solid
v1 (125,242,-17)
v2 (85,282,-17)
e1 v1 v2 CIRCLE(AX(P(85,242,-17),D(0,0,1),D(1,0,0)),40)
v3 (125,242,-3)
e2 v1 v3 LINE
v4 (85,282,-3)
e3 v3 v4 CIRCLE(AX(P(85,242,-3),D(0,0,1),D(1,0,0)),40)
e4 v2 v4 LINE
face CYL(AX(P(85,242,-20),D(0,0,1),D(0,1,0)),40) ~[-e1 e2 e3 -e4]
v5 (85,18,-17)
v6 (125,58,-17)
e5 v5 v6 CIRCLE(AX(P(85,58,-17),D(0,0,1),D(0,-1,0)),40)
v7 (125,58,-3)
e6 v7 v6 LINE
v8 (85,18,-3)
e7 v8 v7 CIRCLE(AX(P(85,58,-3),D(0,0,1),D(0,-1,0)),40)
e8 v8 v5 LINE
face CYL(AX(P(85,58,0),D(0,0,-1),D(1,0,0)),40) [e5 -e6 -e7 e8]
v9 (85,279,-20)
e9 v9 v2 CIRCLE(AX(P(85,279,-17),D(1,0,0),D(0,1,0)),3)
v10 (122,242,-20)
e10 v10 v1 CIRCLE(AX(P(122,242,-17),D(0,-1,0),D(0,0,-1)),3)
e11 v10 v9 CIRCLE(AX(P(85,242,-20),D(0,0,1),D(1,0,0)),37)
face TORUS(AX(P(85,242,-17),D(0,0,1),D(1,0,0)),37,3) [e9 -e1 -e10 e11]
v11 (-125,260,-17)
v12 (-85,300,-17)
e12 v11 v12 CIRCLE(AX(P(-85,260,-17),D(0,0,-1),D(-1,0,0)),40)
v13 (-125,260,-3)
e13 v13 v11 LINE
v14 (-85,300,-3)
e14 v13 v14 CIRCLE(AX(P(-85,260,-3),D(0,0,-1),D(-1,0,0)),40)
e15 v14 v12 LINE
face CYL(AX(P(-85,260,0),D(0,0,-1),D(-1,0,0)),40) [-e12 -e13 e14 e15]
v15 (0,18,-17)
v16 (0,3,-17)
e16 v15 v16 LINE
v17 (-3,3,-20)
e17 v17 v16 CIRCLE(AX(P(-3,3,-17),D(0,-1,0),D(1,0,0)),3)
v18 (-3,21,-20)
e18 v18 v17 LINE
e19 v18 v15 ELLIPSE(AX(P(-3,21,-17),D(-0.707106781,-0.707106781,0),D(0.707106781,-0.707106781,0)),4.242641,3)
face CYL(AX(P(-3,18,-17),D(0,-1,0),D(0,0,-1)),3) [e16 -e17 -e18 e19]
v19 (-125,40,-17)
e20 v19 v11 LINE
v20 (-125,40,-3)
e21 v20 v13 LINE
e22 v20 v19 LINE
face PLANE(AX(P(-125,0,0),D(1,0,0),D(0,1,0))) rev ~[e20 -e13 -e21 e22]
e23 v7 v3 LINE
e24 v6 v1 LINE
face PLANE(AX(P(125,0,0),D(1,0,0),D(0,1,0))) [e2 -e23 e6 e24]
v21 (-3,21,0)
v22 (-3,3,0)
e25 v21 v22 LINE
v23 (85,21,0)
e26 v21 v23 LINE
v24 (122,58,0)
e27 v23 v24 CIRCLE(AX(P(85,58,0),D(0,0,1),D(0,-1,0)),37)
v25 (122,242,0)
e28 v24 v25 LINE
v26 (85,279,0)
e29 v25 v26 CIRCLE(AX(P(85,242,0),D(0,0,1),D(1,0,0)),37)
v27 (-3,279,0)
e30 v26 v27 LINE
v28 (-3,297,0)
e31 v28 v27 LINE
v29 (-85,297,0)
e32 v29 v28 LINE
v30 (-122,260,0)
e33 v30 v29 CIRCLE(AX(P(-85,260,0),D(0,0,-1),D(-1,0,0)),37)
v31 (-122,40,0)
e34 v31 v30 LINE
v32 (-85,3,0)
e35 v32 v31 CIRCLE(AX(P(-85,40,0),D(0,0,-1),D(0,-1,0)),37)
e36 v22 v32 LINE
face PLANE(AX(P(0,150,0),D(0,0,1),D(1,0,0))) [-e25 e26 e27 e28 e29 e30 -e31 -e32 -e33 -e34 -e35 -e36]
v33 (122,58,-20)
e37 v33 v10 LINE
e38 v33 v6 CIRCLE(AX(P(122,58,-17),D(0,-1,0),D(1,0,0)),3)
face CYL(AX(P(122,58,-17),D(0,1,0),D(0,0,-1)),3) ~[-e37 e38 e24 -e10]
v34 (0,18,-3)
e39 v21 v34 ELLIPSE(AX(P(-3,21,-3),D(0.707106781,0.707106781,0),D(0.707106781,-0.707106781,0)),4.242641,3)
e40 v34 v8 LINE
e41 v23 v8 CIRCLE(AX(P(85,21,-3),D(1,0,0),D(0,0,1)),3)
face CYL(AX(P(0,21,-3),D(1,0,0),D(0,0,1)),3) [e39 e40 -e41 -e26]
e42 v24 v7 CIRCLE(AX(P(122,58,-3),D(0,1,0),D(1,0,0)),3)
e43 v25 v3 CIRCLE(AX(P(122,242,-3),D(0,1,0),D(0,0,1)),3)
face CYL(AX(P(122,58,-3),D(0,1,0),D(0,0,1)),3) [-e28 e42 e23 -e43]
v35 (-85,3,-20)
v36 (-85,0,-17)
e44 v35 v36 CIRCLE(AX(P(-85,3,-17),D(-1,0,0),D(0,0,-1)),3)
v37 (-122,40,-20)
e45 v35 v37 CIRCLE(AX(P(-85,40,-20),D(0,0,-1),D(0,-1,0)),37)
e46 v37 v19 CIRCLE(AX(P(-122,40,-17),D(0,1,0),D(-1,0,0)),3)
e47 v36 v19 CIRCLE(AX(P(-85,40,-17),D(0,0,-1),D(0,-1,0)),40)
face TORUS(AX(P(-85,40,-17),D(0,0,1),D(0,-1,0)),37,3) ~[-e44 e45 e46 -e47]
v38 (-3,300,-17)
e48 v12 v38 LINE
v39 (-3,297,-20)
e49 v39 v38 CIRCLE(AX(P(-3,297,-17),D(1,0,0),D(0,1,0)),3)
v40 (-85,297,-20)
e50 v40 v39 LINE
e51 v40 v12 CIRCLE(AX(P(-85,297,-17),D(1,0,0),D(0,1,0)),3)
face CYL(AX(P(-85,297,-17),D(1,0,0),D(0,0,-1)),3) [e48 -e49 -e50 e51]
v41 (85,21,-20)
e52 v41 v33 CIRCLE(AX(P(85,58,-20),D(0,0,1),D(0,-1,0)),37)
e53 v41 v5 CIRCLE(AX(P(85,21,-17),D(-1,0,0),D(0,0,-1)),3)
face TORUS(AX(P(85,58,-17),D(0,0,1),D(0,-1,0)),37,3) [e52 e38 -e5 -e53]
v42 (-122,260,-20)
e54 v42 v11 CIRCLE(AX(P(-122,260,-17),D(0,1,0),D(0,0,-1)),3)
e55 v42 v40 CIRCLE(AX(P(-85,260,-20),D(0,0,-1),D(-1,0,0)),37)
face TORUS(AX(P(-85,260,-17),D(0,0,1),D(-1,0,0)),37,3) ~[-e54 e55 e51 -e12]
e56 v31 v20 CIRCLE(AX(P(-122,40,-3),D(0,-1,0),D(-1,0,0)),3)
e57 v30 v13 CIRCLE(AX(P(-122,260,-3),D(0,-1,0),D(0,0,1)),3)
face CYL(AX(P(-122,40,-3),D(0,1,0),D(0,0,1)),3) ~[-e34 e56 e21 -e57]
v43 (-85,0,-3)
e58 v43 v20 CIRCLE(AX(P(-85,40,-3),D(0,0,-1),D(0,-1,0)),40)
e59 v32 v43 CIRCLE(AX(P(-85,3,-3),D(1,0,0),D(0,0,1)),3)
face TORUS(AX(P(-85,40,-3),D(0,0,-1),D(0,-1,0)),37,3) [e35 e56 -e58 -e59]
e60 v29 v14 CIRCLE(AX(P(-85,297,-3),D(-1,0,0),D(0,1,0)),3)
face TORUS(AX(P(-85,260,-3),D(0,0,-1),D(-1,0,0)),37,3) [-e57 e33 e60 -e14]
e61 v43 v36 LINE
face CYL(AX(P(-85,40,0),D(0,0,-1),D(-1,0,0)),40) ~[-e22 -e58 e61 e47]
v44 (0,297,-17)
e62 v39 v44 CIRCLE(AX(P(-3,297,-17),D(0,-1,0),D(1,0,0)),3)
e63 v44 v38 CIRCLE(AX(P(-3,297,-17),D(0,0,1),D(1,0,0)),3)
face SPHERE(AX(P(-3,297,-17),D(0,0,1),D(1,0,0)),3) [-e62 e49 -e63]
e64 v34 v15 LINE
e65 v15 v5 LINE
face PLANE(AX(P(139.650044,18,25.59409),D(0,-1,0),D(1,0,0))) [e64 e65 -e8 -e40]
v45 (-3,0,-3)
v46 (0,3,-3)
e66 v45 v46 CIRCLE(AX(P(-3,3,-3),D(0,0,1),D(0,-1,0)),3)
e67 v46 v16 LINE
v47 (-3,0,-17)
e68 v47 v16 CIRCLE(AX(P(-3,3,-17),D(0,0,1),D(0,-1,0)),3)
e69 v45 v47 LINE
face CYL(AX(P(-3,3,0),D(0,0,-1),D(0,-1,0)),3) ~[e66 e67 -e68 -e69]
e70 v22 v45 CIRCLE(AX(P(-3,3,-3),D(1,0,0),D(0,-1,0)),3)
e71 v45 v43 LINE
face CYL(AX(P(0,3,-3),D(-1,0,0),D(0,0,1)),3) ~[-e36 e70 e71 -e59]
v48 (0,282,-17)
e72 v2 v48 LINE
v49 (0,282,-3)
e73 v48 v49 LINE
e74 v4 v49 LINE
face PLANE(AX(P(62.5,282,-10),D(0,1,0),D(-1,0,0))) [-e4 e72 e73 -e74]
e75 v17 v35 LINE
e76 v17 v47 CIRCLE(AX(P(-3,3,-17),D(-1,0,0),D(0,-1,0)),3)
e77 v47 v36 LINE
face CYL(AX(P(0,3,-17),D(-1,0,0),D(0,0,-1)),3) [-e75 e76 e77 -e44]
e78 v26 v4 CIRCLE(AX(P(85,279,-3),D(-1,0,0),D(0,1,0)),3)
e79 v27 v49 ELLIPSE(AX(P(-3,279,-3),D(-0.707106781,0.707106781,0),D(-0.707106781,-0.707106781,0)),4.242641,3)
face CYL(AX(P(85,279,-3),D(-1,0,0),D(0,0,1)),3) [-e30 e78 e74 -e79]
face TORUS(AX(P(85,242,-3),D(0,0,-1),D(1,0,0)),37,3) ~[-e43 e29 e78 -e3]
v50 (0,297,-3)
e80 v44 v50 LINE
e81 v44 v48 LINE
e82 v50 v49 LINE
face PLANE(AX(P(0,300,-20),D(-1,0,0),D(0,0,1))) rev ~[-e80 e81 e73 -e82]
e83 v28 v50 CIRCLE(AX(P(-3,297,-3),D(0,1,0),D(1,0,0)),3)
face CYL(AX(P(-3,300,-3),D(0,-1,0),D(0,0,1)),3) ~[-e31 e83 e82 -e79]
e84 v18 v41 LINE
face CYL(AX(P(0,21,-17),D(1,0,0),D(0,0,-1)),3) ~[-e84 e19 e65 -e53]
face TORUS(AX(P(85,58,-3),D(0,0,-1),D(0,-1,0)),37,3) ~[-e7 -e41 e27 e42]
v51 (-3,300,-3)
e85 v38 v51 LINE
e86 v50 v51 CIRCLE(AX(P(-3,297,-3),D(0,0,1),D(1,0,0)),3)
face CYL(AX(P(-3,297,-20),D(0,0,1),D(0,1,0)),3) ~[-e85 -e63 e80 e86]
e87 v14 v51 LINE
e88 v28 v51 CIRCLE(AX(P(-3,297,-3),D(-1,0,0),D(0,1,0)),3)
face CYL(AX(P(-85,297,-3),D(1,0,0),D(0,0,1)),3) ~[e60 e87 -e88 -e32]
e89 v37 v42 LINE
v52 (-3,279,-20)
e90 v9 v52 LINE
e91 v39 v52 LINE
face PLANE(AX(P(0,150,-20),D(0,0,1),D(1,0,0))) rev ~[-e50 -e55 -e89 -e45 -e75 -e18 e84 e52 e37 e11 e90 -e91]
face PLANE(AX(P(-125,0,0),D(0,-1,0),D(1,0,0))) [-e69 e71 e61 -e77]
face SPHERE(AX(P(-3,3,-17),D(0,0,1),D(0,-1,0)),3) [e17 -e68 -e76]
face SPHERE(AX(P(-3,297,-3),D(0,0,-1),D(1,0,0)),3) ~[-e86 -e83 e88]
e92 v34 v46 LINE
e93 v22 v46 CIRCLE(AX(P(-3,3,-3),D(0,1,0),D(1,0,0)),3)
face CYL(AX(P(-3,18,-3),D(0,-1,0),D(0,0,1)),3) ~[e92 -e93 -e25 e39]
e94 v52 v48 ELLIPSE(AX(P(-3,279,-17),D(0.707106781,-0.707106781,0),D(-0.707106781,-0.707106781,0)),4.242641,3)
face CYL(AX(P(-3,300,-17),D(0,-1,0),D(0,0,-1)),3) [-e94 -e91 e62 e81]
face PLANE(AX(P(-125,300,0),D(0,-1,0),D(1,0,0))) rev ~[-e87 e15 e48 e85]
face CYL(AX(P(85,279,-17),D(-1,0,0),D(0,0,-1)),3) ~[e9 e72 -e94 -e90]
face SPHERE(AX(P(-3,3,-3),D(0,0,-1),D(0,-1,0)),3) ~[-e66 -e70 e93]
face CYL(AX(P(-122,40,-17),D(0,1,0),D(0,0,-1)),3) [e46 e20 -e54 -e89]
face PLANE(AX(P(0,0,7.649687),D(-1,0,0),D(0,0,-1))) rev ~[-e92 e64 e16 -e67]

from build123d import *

# Parameters (mm, degrees)
F1_W     = 250
F1_H     = 300
F2_DEPTH = 20
F3_DEPTH = 18
F4_W     = 125
F4_H     = 20
F5_DEPTH = 18
F6_R     = 40
F7_R     = 3


with BuildPart() as f2:
    # F1 (on Top) → F2 (new body)
    with BuildSketch(Plane.XY):
        with Locations((0, 150)):
            Rectangle(F1_W, F1_H)
    extrude(amount=-F2_DEPTH)

    # F0 (on Front) → F3 (cut)
    with BuildSketch(Plane.XZ):
        with BuildLine():
            ThreePointArc((160.7967353507, 4.0303440201), (159.065909211, 1.1368225578), (155.8916596855, 0))
            Line((155.8916596855, 0), (45.0975336134, 0))
            Line((45.0975336134, 0), (45.0975336134, -5))
            Line((45.0975336134, -5), (0, -5))
            Line((0, -5), (0, -20.7676107392))
            ThreePointArc((0, -20.7676107392), (2.6525588341, -27.5510544306), (9.2030216628, -30.7358014241))
            Line((9.2030216628, -30.7358014241), (175.0106296305, -43.9924771707))
            ThreePointArc((175.0106296305, -43.9924771707), (194.4976732451, -37.7783808724), (204.0363591727, -19.684919832))
            Line((204.0363591727, -19.684919832), (219.923475276, 144.1129544091))
            ThreePointArc((219.923475276, 144.1129544091), (217.690858581, 151.4337512548), (210.9355750829, 155.0316379433))
            Line((210.9355750829, 155.0316379433), (195.5381857284, 156.525064604))
            ThreePointArc((195.5381857284, 156.525064604), (192.0716412109, 155.5604813638), (190.150414228, 152.518074652))
            Line((190.150414228, 152.518074652), (160.7967353507, 4.0303440201))
        make_face()
        with BuildLine():
            Line((45.0975336134, -5), (45.0975336134, 0))
            Line((45.0975336134, 0), (5, 0))
            ThreePointArc((5, 0), (1.4644660941, -1.4644660941), (0, -5))
            Line((0, -5), (45.0975336134, -5))
        make_face()
        with BuildLine():
            Line((5, 0), (45.0975336134, 0))
            Line((45.0975336134, 0), (45.0975336134, 7.6496871188))
            Line((45.0975336134, 7.6496871188), (0, 7.6496871188))
            Line((0, 7.6496871188), (0, -5))
            ThreePointArc((0, -5), (1.4644660941, -1.4644660941), (5, 0))
        make_face()
    extrude(amount=-F3_DEPTH, mode=Mode.SUBTRACT)

    # F4 (on face) → F5 (cut)
    with BuildSketch(Plane(origin=(0, 300, 0), x_dir=(-1, 0, 0), z_dir=(0, 1, 0))):
        with Locations((-62.5, -10)):
            Rectangle(F4_W, F4_H)
    extrude(amount=-F5_DEPTH, mode=Mode.SUBTRACT)

    # F6
    f6_edges = [f2.edges().sort_by_distance(p)[0] for p in [
        (-125, 300, -10),
        (-125, 0, -10),
        (125, 282, -10),
        (125, 18, -10),
    ]]
    fillet(f6_edges, radius=F6_R)

    # F7
    f7_edges = [f2.edges().sort_by_distance(p)[0] for p in [
        (0, 0, -10),
        (0, 300, -10),
        (42.5, 282, 0),
        (113.284271, 270.284271, 0),
        (0, 291, 0),
        (125, 150, 0),
        (-42.5, 300, 0),
        (113.284271, 29.715729, 0),
        (-113.284271, 288.284271, 0),
        (42.5, 18, 0),
        (-125, 150, 0),
        (0, 9, 0),
        (-113.284271, 11.715729, 0),
        (-42.5, 0, 0),
        (42.5, 282, -20),
        (113.284271, 270.284271, -20),
        (0, 291, -20),
        (125, 150, -20),
        (-42.5, 300, -20),
        (113.284271, 29.715729, -20),
        (-113.284271, 288.284271, -20),
        (42.5, 18, -20),
        (-125, 150, -20),
        (0, 9, -20),
        (-113.284271, 11.715729, -20),
        (-42.5, 0, -20),
    ]]
    fillet(f7_edges, radius=F7_R)


solid = f2.part
